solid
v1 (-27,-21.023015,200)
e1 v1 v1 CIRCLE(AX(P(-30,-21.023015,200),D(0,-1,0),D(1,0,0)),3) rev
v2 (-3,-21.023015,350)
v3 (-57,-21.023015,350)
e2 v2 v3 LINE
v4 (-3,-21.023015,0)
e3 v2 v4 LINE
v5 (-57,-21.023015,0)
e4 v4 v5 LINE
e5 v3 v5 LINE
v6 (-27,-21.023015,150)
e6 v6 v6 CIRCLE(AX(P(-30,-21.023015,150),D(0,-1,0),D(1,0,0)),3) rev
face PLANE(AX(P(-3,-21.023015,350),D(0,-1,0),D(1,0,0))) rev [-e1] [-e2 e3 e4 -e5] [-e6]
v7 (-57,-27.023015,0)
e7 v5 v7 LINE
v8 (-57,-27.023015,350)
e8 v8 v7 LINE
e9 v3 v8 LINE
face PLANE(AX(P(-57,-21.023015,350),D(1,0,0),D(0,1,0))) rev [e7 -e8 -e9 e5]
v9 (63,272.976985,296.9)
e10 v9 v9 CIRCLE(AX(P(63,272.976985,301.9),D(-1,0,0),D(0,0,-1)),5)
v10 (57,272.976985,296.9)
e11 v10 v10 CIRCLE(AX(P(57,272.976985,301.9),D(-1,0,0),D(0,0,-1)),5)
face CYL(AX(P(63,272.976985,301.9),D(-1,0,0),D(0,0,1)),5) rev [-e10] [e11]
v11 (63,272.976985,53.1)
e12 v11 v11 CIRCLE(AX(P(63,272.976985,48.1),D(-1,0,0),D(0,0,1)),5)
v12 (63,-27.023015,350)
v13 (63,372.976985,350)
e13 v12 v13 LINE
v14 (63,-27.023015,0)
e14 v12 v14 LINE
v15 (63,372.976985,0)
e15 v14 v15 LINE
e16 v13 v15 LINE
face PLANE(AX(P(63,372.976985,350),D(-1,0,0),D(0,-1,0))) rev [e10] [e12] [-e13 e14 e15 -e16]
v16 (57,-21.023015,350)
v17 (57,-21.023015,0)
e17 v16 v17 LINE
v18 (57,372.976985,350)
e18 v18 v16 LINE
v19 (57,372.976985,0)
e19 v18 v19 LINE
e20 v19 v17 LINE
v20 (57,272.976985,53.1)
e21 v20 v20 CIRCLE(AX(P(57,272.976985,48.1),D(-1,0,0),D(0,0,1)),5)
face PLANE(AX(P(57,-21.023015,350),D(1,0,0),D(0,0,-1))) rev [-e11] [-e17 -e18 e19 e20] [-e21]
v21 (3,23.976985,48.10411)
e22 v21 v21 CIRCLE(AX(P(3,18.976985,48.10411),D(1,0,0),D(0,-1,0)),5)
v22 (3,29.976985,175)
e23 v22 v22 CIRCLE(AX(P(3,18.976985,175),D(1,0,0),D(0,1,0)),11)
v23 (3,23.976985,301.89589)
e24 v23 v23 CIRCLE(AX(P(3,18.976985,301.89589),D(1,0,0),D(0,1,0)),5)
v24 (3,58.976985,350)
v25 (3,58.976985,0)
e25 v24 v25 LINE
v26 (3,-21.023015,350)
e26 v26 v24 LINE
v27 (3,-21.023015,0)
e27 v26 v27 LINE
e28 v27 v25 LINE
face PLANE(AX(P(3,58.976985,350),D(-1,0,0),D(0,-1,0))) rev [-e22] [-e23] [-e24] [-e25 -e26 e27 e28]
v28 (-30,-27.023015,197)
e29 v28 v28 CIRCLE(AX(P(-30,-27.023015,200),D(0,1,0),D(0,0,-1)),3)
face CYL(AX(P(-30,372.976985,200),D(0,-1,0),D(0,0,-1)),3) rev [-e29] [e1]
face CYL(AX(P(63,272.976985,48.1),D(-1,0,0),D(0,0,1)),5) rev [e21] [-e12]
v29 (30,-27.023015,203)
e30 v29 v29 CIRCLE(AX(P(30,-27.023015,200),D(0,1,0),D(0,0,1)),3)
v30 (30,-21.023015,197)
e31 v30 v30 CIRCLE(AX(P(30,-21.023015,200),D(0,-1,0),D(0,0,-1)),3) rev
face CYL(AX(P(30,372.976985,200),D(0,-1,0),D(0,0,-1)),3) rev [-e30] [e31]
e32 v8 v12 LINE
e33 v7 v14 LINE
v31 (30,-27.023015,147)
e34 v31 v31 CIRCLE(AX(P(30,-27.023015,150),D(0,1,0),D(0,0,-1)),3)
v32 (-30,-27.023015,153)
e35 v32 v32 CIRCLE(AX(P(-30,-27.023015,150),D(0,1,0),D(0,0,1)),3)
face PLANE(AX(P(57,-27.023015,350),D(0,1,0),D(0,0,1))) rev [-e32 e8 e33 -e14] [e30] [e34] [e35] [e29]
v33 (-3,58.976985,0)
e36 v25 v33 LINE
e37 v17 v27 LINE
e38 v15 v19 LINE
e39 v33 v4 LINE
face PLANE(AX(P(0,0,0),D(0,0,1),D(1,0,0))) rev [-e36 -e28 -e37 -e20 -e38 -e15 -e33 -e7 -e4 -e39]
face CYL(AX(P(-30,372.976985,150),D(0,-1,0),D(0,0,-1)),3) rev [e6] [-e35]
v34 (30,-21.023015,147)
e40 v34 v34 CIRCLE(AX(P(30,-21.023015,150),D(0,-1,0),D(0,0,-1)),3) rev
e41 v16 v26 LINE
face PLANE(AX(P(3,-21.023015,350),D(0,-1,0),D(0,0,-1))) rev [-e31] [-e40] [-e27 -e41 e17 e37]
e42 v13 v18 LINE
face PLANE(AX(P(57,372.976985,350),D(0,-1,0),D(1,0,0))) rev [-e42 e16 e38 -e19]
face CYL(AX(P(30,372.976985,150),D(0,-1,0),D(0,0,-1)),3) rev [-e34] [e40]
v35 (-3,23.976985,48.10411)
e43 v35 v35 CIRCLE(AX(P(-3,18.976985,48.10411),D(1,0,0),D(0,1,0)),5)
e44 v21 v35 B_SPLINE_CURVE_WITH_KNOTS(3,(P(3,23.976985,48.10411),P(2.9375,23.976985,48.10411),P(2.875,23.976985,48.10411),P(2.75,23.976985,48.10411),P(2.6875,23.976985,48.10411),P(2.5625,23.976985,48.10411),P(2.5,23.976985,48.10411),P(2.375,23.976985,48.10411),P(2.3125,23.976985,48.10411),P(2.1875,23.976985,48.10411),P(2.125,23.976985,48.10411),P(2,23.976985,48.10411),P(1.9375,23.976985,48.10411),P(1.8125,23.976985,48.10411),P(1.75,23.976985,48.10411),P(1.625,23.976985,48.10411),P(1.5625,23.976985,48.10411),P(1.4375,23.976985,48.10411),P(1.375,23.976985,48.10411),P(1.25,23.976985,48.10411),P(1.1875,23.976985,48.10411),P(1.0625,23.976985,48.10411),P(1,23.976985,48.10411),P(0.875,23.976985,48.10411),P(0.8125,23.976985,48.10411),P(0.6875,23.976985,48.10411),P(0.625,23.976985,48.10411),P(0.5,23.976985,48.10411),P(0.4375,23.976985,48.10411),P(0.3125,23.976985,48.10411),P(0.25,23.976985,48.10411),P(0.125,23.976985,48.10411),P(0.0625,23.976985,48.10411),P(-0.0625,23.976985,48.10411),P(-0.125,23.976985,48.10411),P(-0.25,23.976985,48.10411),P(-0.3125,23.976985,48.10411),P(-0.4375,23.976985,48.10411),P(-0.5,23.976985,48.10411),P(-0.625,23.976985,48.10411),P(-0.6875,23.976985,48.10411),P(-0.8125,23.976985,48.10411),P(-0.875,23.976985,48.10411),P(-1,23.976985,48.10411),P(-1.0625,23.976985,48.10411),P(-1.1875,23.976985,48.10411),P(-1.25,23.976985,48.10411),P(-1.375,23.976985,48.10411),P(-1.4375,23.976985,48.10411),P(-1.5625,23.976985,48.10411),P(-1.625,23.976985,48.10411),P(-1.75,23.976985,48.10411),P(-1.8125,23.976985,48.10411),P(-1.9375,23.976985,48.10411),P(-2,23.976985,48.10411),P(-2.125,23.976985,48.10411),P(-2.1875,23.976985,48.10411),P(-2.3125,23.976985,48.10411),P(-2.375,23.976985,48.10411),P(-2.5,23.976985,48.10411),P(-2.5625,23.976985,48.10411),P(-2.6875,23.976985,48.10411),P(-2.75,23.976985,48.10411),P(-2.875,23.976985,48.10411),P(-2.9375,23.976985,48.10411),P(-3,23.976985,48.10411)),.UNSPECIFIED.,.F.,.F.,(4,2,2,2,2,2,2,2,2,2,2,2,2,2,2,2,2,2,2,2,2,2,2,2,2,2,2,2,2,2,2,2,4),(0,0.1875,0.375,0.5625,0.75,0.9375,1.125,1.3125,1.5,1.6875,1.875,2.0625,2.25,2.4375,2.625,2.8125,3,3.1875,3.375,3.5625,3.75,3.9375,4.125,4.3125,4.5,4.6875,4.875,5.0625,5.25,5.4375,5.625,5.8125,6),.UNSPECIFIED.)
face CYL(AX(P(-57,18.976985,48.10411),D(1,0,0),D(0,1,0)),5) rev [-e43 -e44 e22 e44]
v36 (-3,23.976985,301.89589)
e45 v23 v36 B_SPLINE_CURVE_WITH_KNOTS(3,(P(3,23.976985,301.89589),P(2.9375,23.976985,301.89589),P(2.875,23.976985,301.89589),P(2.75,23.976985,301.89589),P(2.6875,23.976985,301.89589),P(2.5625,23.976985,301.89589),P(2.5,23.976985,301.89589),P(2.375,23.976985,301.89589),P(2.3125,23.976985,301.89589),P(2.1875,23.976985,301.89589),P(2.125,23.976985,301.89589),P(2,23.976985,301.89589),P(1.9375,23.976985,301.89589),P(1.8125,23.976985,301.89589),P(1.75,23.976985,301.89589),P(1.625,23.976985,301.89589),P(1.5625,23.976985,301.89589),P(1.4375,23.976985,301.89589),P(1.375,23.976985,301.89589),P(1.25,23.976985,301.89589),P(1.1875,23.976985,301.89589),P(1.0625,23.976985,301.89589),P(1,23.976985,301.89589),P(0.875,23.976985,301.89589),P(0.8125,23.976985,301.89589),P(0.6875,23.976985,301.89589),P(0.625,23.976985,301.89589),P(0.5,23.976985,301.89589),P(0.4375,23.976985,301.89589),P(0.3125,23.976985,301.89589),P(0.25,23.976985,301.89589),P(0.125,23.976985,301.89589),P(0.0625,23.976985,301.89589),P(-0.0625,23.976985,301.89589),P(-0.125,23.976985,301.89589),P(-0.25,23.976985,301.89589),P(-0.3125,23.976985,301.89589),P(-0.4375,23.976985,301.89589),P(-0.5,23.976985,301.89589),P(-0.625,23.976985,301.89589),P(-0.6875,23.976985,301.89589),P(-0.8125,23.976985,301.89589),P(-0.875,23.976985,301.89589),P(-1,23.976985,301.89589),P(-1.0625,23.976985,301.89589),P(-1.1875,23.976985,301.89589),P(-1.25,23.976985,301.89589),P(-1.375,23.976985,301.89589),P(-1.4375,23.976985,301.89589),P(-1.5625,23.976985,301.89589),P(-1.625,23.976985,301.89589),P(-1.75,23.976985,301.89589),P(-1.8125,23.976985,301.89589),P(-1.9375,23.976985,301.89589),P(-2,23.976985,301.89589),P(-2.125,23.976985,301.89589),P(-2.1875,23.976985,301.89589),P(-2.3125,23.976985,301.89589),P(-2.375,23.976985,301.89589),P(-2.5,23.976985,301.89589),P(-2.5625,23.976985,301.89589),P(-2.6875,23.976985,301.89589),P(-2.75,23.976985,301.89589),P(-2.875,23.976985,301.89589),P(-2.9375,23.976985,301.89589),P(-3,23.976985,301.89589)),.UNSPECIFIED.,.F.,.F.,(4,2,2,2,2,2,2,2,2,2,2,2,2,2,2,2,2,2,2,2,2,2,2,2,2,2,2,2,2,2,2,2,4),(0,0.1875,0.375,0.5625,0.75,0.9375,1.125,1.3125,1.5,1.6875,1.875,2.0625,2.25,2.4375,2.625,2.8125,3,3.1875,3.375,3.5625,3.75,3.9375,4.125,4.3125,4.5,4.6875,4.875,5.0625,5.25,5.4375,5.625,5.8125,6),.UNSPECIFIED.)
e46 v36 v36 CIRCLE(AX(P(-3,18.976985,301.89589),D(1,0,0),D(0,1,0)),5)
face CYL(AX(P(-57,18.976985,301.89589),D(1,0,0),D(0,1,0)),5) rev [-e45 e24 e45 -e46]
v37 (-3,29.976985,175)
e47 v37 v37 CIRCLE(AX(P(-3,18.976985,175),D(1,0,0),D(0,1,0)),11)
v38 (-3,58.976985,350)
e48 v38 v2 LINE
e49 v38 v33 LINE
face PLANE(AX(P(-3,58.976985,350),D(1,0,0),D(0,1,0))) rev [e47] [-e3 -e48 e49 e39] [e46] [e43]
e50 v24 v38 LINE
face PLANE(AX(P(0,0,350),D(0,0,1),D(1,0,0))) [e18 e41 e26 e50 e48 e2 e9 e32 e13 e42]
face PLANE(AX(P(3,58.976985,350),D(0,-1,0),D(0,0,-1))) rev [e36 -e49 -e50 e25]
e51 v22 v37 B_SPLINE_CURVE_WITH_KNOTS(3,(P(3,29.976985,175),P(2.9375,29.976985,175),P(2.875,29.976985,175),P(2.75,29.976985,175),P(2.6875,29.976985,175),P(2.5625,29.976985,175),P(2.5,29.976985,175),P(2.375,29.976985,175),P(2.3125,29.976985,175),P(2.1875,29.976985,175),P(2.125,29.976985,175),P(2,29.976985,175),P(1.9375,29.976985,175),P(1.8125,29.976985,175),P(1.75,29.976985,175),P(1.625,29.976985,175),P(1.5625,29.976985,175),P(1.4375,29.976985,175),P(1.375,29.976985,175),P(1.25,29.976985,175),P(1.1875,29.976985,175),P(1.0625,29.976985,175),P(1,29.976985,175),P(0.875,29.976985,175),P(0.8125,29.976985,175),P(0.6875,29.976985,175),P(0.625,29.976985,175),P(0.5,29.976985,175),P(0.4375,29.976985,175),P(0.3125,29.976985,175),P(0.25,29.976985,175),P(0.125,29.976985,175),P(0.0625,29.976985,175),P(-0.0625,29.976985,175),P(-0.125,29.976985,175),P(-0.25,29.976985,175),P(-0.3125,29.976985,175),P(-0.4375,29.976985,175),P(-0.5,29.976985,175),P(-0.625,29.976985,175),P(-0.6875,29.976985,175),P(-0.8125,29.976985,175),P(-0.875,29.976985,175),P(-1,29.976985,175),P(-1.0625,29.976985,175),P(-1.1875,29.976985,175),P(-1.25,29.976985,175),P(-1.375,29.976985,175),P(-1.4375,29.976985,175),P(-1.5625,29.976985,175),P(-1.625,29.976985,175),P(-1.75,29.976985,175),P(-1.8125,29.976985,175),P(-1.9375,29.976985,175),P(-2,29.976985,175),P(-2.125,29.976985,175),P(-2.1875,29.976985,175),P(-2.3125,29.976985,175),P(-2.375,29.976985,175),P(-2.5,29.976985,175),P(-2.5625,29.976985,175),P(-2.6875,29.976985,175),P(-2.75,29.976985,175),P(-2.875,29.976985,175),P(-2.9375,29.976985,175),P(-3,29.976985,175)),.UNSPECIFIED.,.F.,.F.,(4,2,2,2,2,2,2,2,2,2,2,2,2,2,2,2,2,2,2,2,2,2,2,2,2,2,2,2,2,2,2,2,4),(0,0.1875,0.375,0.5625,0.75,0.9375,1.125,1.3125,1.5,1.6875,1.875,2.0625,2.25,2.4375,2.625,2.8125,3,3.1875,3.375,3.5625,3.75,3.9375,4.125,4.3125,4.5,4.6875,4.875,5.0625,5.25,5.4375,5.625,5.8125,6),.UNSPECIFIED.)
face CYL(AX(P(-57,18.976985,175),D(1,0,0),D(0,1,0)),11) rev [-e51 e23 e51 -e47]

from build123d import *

# Parameters (mm, degrees)
BOSS_EXTRUDE1_DEPTH     = 350
CUT_EXTRUDE1_DEPTH      = 531.758890646
CUT_EXTRUDE1_DEPTH_BACK = 531.758890646
SKETCH2_R               = 3
SKETCH3_R               = 11
SKETCH3_R_2             = 5
CUT_EXTRUDE2_DEPTH      = 515.987214376
SKETCH4_R               = 5
CUT_EXTRUDE3_DEPTH      = 525.030372184


with BuildPart() as part:
    # Sketch1 → Boss-Extrude1 (new body)
    with BuildSketch(Plane.XY):
        Polygon((3, 58.976984506), (3, -21.023015494), (57, -21.023015494), (57, 372.976984506), (63, 372.976984506), (63, -27.023015494), (57, -27.023015494), (-57, -27.023015494), (-57, -21.023015494), (-3, -21.023015494), (-3, 58.976984506), align=None)
    extrude(amount=BOSS_EXTRUDE1_DEPTH)

    # Sketch2 → Cut-Extrude1 (cut, two sides: drawn at the far end of the back side and taken through both)
    with BuildSketch(Plane(origin=(0, -21.023015494, 0), x_dir=(1, 0, 0), z_dir=(0, 1, 0)).offset(-CUT_EXTRUDE1_DEPTH_BACK)):
        with Locations((-30, -150)):
            Circle(SKETCH2_R)
        with Locations(Location((-30, -200, 0), (0, 0, 90))):
            Circle(SKETCH2_R)
        with Locations(Location((30, -200, 0), (0, 0, 90))):
            Circle(SKETCH2_R)
        with Locations(Location((30, -150, 0), (0, 0, 90))):
            Circle(SKETCH2_R)
    extrude(amount=CUT_EXTRUDE1_DEPTH + CUT_EXTRUDE1_DEPTH_BACK, mode=Mode.SUBTRACT)

    # Sketch3 → Cut-Extrude2 (cut, through all)
    with BuildSketch(Plane(origin=(3, 0, 0), x_dir=(0, 0, -1), z_dir=(1, 0, 0))):
        with Locations(Location((-175, 18.976984506, 0), (0, 0, 90))):
            Circle(SKETCH3_R)
        with Locations(Location((-301.895890035, 18.976984506, 0), (0, 0, 90))):
            Circle(SKETCH3_R_2)
        with Locations(Location((-48.104109965, 18.976984506, 0), (0, 0, 90))):
            Circle(SKETCH3_R_2)
    extrude(amount=-CUT_EXTRUDE2_DEPTH, mode=Mode.SUBTRACT)

    # Sketch4 → Cut-Extrude3 (cut, through all)
    with BuildSketch(Plane.ZY.offset(-57)):
        with Locations((48.1, 272.976984506)):
            Circle(SKETCH4_R)
        with Locations(Location((301.9, 272.976984506, 0), (0, 0, 180))):
            Circle(SKETCH4_R)
    extrude(amount=-CUT_EXTRUDE3_DEPTH, mode=Mode.SUBTRACT)


solid = part.part
